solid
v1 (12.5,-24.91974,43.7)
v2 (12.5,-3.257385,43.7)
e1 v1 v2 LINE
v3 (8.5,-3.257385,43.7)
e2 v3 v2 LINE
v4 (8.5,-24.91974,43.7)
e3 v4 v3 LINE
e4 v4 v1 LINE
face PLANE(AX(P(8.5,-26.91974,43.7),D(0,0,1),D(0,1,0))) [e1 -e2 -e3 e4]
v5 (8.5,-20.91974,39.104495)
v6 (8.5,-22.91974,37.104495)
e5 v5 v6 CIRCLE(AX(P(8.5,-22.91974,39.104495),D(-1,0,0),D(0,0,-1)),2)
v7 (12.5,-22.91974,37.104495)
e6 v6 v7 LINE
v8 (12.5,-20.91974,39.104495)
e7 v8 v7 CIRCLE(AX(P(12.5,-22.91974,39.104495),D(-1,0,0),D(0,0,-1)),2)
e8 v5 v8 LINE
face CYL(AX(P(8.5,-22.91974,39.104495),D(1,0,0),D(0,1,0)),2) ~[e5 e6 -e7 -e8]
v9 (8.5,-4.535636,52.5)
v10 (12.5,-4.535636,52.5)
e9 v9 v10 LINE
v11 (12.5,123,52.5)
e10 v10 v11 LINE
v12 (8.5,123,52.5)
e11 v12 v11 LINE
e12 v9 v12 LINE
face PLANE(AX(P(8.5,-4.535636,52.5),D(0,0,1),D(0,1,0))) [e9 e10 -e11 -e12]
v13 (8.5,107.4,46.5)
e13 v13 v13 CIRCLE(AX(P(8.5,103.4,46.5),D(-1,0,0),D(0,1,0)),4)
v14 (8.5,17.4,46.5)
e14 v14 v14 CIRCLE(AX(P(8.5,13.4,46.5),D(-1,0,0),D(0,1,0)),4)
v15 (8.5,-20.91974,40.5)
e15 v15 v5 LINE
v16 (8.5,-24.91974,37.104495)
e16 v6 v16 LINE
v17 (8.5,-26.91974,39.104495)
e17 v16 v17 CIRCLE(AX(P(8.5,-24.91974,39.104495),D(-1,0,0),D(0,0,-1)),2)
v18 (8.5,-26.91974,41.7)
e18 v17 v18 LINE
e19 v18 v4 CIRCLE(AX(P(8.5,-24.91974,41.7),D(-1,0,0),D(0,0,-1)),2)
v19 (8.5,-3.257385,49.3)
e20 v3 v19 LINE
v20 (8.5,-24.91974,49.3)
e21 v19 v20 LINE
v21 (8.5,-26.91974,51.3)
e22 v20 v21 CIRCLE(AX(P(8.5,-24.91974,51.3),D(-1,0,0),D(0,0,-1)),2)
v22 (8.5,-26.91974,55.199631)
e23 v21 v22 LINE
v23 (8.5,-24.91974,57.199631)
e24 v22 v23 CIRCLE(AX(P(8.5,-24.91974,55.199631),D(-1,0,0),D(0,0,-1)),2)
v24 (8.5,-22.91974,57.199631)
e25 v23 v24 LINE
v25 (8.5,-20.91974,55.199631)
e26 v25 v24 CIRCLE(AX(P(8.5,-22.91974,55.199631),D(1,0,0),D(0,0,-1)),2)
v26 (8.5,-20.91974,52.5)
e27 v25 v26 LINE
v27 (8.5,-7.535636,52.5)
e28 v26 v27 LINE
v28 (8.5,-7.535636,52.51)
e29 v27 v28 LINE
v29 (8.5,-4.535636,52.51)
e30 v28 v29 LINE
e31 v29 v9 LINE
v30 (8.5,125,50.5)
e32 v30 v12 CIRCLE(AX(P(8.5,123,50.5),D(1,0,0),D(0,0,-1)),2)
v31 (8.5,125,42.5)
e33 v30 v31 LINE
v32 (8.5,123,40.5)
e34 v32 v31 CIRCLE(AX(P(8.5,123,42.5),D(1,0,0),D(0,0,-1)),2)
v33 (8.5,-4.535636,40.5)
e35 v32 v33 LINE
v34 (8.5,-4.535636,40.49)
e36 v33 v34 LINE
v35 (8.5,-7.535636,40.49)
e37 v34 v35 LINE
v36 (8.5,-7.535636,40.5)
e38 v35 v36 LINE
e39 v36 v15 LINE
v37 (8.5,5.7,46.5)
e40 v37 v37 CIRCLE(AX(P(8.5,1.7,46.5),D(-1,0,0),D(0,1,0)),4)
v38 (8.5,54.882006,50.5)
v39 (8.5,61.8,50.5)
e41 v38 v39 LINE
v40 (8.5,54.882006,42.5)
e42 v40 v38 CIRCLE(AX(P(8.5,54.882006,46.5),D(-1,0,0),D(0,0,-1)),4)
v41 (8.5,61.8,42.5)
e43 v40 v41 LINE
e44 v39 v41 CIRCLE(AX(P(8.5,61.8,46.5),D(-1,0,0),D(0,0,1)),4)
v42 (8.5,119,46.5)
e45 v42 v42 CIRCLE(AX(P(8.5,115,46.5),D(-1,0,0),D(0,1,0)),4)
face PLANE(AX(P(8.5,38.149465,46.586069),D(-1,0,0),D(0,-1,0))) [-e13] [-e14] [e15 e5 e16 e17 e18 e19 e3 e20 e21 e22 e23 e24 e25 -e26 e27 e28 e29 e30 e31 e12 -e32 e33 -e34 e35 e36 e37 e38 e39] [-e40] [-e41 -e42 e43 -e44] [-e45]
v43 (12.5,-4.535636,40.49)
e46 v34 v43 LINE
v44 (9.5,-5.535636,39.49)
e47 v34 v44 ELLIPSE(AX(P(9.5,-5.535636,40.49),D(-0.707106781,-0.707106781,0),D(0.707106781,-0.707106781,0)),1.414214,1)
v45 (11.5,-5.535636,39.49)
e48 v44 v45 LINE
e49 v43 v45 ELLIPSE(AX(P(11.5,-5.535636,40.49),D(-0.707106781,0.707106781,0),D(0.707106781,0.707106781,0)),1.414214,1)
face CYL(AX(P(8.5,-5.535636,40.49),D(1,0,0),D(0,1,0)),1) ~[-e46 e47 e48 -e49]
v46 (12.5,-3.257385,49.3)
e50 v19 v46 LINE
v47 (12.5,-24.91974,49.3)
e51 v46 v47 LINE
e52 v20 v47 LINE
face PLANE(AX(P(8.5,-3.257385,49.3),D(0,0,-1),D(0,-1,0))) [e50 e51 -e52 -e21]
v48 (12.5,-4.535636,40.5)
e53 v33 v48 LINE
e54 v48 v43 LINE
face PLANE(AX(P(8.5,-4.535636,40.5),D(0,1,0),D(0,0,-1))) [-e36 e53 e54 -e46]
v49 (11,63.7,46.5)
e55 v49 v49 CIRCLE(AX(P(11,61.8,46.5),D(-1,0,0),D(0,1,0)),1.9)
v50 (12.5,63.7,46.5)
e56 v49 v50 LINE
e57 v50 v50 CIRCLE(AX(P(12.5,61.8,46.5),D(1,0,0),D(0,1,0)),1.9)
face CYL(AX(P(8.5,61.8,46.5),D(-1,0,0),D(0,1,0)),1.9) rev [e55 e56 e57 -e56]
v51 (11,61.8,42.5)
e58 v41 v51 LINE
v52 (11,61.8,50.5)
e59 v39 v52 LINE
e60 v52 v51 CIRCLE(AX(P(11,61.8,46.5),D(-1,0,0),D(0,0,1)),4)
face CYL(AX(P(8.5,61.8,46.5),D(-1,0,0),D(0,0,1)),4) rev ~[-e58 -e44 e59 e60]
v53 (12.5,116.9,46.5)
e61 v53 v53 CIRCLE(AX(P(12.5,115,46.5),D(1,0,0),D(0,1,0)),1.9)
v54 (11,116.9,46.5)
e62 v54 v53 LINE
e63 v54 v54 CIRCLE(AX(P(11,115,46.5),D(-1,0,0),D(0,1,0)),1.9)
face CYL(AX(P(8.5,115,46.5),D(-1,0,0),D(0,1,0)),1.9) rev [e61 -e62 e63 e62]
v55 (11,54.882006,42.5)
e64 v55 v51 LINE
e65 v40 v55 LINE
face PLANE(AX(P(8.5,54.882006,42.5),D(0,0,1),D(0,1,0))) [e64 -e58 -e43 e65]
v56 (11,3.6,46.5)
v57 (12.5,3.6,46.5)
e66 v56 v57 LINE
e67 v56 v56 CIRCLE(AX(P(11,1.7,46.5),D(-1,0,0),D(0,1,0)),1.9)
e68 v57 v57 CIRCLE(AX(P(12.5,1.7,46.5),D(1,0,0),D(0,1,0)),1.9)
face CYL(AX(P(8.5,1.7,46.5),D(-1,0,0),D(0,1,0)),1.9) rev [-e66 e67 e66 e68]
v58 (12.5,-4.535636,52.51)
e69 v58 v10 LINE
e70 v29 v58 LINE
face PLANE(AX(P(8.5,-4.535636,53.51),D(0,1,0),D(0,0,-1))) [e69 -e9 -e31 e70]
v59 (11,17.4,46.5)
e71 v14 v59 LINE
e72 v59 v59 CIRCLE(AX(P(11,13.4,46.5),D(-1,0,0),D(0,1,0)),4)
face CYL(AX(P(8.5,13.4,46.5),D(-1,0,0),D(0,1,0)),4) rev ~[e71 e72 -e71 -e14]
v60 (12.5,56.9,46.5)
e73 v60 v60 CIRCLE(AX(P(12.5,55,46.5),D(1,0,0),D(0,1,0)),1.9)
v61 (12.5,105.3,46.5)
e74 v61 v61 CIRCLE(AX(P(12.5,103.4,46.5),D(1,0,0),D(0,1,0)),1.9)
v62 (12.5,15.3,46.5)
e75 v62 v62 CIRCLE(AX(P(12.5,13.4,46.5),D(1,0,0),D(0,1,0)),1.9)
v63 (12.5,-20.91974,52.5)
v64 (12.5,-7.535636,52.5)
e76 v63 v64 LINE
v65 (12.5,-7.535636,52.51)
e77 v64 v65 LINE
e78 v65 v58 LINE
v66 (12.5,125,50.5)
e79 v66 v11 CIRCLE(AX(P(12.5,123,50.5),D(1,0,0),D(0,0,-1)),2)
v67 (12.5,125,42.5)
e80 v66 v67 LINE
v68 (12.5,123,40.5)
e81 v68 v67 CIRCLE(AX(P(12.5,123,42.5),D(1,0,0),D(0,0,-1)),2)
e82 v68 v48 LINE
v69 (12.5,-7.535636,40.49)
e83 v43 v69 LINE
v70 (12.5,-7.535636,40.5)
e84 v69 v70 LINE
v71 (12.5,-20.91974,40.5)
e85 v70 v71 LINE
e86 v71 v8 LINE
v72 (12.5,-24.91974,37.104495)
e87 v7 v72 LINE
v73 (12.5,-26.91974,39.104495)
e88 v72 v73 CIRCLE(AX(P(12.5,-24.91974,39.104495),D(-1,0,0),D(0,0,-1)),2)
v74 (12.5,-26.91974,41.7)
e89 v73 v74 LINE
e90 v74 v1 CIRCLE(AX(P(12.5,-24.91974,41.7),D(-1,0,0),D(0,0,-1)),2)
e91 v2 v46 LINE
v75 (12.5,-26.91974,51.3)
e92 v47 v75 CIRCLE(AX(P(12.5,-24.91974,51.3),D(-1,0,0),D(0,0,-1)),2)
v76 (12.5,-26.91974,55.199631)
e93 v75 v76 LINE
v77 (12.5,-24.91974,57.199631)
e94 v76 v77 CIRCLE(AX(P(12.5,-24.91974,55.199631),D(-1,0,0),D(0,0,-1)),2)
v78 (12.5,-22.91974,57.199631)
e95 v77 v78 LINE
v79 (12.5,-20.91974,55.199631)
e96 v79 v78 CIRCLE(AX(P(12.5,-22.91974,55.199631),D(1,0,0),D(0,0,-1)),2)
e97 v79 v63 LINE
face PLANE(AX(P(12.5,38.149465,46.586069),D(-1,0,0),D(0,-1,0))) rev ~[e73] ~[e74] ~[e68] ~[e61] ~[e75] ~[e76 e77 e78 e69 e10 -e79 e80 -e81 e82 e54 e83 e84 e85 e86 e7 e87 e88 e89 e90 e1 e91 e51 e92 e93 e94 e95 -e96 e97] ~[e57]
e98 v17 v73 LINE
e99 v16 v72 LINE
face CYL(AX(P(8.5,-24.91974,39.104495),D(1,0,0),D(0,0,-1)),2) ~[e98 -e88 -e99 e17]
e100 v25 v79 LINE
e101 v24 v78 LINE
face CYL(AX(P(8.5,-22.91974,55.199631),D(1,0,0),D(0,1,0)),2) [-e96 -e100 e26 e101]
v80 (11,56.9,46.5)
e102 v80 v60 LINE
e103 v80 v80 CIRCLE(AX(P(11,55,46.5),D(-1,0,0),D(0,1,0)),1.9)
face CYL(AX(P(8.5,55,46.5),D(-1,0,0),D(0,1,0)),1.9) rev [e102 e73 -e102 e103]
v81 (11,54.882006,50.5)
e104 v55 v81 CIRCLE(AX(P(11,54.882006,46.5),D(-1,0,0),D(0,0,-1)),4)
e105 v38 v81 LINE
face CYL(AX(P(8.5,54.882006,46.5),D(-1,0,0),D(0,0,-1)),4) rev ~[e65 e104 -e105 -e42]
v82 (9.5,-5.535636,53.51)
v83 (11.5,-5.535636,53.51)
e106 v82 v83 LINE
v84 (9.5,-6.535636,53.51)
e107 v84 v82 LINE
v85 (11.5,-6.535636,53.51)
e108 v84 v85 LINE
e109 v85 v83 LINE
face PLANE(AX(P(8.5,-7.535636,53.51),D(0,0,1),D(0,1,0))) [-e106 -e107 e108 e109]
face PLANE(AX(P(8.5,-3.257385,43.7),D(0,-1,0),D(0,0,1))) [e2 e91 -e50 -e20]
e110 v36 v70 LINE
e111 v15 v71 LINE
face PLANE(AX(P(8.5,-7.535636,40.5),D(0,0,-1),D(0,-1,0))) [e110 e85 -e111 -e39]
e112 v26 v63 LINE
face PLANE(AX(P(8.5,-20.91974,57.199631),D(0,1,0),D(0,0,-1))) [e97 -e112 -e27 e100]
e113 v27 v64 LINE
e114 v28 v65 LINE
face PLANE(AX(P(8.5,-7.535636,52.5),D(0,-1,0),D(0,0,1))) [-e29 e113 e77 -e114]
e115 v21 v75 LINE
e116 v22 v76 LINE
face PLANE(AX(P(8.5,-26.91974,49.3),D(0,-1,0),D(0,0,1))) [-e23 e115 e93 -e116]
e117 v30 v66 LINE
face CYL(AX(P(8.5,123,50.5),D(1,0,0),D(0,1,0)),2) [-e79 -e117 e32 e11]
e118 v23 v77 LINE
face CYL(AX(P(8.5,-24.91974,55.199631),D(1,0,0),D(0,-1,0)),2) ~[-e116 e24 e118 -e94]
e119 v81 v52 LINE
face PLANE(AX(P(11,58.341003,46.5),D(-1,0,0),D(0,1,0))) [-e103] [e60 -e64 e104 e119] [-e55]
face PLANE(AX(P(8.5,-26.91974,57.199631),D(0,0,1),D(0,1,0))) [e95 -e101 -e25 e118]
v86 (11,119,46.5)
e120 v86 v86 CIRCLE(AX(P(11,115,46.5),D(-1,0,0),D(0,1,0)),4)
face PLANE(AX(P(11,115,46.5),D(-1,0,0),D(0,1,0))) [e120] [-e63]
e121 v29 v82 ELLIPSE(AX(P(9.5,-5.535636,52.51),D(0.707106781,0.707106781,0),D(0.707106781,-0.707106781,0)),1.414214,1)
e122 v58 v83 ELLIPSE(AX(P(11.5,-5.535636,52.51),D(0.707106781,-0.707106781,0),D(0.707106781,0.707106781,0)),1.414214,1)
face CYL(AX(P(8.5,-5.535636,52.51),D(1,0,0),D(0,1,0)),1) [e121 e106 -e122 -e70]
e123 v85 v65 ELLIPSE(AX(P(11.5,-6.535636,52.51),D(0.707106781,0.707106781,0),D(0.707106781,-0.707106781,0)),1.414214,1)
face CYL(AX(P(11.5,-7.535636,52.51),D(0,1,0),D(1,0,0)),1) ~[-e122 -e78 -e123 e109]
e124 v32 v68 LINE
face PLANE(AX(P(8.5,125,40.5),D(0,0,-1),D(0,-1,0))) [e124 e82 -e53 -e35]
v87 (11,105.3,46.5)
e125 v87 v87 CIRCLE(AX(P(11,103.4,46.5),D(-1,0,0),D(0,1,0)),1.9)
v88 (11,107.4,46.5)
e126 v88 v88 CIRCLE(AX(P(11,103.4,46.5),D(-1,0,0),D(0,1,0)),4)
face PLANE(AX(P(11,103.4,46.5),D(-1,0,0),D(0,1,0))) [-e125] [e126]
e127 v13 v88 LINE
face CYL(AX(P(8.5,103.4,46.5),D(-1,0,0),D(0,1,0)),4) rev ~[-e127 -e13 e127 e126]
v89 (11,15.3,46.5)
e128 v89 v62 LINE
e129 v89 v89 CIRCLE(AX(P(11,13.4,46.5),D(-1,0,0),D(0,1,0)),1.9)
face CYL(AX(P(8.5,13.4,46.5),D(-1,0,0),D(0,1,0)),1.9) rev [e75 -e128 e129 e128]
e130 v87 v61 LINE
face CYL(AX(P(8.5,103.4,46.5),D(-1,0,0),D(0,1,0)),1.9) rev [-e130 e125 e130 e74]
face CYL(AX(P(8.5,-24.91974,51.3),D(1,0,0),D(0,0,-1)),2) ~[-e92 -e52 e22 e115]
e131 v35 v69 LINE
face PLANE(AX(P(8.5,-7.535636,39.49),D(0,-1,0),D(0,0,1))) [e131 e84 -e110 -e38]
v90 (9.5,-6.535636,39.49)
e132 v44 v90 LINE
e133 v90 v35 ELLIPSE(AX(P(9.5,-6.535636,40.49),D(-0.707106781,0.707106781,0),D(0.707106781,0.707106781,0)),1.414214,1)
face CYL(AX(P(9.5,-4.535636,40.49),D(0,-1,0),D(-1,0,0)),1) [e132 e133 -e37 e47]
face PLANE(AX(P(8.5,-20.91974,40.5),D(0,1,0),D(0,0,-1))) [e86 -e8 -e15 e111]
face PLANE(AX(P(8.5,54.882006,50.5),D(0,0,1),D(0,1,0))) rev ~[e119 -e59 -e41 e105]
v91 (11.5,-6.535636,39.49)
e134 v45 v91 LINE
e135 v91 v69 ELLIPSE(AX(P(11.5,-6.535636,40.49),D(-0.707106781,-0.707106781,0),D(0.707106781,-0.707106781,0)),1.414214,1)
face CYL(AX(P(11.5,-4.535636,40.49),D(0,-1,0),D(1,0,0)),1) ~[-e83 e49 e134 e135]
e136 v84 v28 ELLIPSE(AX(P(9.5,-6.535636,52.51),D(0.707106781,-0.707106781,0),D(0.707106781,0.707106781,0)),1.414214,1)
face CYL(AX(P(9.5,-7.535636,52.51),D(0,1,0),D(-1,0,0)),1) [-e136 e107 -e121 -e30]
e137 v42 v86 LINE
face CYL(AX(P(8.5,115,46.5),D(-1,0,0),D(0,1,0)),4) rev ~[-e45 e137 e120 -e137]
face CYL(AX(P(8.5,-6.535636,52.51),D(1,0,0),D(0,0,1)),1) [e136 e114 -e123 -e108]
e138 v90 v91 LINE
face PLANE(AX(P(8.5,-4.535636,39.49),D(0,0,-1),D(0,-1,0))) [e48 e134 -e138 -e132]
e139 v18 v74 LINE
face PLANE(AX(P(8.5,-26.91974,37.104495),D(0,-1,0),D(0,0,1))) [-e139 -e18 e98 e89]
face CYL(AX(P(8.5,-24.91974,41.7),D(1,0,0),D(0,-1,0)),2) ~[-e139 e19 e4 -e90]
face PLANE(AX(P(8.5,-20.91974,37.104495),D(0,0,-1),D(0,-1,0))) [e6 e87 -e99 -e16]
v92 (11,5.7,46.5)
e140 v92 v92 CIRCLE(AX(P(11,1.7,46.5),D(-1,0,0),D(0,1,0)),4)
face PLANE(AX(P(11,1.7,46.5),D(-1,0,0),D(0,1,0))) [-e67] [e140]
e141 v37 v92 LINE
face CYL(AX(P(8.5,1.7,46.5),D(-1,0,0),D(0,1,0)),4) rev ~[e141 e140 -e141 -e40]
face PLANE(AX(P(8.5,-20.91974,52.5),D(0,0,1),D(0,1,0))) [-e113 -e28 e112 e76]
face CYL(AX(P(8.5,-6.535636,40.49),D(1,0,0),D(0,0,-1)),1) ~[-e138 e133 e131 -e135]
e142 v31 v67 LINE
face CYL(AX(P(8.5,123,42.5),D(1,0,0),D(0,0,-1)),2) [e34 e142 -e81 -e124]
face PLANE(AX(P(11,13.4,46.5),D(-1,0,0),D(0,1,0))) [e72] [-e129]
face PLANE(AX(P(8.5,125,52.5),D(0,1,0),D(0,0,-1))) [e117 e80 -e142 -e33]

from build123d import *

# Parameters (mm, degrees)
SKETCH062_R             = 1.9
PAD020_DEPTH            = 4
SKETCH063_R             = 4
POCKET042_DEPTH         = 2.5
FILLET015_R             = 2
FILLET016_R             = 1
FILLET017_R             = 2
BODY016_PLACEMENT_ANGLE = 270


with BuildPart() as part:
    # Sketch062 → Pad020 (new body)
    with BuildSketch(Plane.XZ):
        Polygon((4, 0), (-125.535636, 0), (-125.535636, -1.01), (-128.535636, -1.01), (-128.535636, 0), (-141.91974, 0), (-141.91974, -3.395505), (-147.91974, -3.395505), (-147.91974, 3.2), (-124.257385, 3.2), (-124.257385, 8.8), (-147.91974, 8.8), (-147.91974, 16.699631), (-141.91974, 16.699631), (-141.91974, 12), (-128.535636, 12), (-128.535636, 13.01), (-125.535636, 13.01), (-125.535636, 12), (4, 12), align=None)
        with Locations((-66, 6)):
            Circle(SKETCH062_R, mode=Mode.SUBTRACT)
        with Locations((-6, 6)):
            Circle(SKETCH062_R, mode=Mode.SUBTRACT)
        with Locations((-107.6, 6)):
            Circle(SKETCH062_R, mode=Mode.SUBTRACT)
        with Locations((-17.6, 6)):
            Circle(SKETCH062_R, mode=Mode.SUBTRACT)
        with Locations((-59.2, 6)):
            Circle(SKETCH062_R, mode=Mode.SUBTRACT)
        with Locations((-119.3, 6)):
            Circle(SKETCH062_R, mode=Mode.SUBTRACT)
    extrude(amount=PAD020_DEPTH)

    # Sketch063 (on Face27 of Pad020) → Pocket042 (cut)
    with BuildSketch(Plane(origin=(0, 0, 0), x_dir=(1, 0, 0), z_dir=(0, 1, 0))):
        with Locations((-107.6, -6)):
            Circle(SKETCH063_R)
        with Locations((-6, -6)):
            Circle(SKETCH063_R)
        with Locations((-17.6, -6)):
            Circle(SKETCH063_R)
        with Locations((-119.3, -6)):
            Circle(SKETCH063_R)
        with BuildLine():
            ThreePointArc((-66.1179939879, -2), (-70.1179939879, -6), (-66.1179939879, -10))
            Line((-66.1179939879, -10), (-59.2, -10))
            ThreePointArc((-59.2, -10), (-55.2, -6), (-59.2, -2))
            Line((-66.1179939879, -2), (-59.2, -2))
        make_face()
    extrude(amount=-POCKET042_DEPTH, mode=Mode.SUBTRACT)

    # Fillet015
    fillet015_edges = [part.edges().sort_by_distance(p)[0] for p in [
        (4, -2, 12),
        (4, -2, 0),
    ]]
    fillet(fillet015_edges, radius=FILLET015_R)

    # Fillet016
    fillet016_edges = [part.edges().sort_by_distance(p)[0] for p in [
        (-125.535636, -2, -1.01),
        (-128.535636, -2, -1.01),
        (-127.035636, 0, -1.01),
        (-127.035636, -4, -1.01),
        (-128.535636, -2, 13.01),
        (-125.535636, -2, 13.01),
        (-127.035636, 0, 13.01),
        (-127.035636, -4, 13.01),
    ]]
    fillet(fillet016_edges, radius=FILLET016_R)

    # Fillet017
    fillet017_edges = [part.edges().sort_by_distance(p)[0] for p in [
        (-141.91974, -2, 16.699631),
        (-147.91974, -2, 16.699631),
        (-147.91974, -2, 8.8),
        (-147.91974, -2, 3.2),
        (-147.91974, -2, -3.395505),
        (-141.91974, -2, -3.395505),
    ]]
    fillet(fillet017_edges, radius=FILLET017_R)


with BuildPart() as part_1:
    # Body016 placement: moved
    add(part.part.moved(Location((8.5, 121, 40.5))).rotate(Axis((8.5, 121, 40.5), (0, 0, -1)), BODY016_PLACEMENT_ANGLE))


solid = part_1.part
